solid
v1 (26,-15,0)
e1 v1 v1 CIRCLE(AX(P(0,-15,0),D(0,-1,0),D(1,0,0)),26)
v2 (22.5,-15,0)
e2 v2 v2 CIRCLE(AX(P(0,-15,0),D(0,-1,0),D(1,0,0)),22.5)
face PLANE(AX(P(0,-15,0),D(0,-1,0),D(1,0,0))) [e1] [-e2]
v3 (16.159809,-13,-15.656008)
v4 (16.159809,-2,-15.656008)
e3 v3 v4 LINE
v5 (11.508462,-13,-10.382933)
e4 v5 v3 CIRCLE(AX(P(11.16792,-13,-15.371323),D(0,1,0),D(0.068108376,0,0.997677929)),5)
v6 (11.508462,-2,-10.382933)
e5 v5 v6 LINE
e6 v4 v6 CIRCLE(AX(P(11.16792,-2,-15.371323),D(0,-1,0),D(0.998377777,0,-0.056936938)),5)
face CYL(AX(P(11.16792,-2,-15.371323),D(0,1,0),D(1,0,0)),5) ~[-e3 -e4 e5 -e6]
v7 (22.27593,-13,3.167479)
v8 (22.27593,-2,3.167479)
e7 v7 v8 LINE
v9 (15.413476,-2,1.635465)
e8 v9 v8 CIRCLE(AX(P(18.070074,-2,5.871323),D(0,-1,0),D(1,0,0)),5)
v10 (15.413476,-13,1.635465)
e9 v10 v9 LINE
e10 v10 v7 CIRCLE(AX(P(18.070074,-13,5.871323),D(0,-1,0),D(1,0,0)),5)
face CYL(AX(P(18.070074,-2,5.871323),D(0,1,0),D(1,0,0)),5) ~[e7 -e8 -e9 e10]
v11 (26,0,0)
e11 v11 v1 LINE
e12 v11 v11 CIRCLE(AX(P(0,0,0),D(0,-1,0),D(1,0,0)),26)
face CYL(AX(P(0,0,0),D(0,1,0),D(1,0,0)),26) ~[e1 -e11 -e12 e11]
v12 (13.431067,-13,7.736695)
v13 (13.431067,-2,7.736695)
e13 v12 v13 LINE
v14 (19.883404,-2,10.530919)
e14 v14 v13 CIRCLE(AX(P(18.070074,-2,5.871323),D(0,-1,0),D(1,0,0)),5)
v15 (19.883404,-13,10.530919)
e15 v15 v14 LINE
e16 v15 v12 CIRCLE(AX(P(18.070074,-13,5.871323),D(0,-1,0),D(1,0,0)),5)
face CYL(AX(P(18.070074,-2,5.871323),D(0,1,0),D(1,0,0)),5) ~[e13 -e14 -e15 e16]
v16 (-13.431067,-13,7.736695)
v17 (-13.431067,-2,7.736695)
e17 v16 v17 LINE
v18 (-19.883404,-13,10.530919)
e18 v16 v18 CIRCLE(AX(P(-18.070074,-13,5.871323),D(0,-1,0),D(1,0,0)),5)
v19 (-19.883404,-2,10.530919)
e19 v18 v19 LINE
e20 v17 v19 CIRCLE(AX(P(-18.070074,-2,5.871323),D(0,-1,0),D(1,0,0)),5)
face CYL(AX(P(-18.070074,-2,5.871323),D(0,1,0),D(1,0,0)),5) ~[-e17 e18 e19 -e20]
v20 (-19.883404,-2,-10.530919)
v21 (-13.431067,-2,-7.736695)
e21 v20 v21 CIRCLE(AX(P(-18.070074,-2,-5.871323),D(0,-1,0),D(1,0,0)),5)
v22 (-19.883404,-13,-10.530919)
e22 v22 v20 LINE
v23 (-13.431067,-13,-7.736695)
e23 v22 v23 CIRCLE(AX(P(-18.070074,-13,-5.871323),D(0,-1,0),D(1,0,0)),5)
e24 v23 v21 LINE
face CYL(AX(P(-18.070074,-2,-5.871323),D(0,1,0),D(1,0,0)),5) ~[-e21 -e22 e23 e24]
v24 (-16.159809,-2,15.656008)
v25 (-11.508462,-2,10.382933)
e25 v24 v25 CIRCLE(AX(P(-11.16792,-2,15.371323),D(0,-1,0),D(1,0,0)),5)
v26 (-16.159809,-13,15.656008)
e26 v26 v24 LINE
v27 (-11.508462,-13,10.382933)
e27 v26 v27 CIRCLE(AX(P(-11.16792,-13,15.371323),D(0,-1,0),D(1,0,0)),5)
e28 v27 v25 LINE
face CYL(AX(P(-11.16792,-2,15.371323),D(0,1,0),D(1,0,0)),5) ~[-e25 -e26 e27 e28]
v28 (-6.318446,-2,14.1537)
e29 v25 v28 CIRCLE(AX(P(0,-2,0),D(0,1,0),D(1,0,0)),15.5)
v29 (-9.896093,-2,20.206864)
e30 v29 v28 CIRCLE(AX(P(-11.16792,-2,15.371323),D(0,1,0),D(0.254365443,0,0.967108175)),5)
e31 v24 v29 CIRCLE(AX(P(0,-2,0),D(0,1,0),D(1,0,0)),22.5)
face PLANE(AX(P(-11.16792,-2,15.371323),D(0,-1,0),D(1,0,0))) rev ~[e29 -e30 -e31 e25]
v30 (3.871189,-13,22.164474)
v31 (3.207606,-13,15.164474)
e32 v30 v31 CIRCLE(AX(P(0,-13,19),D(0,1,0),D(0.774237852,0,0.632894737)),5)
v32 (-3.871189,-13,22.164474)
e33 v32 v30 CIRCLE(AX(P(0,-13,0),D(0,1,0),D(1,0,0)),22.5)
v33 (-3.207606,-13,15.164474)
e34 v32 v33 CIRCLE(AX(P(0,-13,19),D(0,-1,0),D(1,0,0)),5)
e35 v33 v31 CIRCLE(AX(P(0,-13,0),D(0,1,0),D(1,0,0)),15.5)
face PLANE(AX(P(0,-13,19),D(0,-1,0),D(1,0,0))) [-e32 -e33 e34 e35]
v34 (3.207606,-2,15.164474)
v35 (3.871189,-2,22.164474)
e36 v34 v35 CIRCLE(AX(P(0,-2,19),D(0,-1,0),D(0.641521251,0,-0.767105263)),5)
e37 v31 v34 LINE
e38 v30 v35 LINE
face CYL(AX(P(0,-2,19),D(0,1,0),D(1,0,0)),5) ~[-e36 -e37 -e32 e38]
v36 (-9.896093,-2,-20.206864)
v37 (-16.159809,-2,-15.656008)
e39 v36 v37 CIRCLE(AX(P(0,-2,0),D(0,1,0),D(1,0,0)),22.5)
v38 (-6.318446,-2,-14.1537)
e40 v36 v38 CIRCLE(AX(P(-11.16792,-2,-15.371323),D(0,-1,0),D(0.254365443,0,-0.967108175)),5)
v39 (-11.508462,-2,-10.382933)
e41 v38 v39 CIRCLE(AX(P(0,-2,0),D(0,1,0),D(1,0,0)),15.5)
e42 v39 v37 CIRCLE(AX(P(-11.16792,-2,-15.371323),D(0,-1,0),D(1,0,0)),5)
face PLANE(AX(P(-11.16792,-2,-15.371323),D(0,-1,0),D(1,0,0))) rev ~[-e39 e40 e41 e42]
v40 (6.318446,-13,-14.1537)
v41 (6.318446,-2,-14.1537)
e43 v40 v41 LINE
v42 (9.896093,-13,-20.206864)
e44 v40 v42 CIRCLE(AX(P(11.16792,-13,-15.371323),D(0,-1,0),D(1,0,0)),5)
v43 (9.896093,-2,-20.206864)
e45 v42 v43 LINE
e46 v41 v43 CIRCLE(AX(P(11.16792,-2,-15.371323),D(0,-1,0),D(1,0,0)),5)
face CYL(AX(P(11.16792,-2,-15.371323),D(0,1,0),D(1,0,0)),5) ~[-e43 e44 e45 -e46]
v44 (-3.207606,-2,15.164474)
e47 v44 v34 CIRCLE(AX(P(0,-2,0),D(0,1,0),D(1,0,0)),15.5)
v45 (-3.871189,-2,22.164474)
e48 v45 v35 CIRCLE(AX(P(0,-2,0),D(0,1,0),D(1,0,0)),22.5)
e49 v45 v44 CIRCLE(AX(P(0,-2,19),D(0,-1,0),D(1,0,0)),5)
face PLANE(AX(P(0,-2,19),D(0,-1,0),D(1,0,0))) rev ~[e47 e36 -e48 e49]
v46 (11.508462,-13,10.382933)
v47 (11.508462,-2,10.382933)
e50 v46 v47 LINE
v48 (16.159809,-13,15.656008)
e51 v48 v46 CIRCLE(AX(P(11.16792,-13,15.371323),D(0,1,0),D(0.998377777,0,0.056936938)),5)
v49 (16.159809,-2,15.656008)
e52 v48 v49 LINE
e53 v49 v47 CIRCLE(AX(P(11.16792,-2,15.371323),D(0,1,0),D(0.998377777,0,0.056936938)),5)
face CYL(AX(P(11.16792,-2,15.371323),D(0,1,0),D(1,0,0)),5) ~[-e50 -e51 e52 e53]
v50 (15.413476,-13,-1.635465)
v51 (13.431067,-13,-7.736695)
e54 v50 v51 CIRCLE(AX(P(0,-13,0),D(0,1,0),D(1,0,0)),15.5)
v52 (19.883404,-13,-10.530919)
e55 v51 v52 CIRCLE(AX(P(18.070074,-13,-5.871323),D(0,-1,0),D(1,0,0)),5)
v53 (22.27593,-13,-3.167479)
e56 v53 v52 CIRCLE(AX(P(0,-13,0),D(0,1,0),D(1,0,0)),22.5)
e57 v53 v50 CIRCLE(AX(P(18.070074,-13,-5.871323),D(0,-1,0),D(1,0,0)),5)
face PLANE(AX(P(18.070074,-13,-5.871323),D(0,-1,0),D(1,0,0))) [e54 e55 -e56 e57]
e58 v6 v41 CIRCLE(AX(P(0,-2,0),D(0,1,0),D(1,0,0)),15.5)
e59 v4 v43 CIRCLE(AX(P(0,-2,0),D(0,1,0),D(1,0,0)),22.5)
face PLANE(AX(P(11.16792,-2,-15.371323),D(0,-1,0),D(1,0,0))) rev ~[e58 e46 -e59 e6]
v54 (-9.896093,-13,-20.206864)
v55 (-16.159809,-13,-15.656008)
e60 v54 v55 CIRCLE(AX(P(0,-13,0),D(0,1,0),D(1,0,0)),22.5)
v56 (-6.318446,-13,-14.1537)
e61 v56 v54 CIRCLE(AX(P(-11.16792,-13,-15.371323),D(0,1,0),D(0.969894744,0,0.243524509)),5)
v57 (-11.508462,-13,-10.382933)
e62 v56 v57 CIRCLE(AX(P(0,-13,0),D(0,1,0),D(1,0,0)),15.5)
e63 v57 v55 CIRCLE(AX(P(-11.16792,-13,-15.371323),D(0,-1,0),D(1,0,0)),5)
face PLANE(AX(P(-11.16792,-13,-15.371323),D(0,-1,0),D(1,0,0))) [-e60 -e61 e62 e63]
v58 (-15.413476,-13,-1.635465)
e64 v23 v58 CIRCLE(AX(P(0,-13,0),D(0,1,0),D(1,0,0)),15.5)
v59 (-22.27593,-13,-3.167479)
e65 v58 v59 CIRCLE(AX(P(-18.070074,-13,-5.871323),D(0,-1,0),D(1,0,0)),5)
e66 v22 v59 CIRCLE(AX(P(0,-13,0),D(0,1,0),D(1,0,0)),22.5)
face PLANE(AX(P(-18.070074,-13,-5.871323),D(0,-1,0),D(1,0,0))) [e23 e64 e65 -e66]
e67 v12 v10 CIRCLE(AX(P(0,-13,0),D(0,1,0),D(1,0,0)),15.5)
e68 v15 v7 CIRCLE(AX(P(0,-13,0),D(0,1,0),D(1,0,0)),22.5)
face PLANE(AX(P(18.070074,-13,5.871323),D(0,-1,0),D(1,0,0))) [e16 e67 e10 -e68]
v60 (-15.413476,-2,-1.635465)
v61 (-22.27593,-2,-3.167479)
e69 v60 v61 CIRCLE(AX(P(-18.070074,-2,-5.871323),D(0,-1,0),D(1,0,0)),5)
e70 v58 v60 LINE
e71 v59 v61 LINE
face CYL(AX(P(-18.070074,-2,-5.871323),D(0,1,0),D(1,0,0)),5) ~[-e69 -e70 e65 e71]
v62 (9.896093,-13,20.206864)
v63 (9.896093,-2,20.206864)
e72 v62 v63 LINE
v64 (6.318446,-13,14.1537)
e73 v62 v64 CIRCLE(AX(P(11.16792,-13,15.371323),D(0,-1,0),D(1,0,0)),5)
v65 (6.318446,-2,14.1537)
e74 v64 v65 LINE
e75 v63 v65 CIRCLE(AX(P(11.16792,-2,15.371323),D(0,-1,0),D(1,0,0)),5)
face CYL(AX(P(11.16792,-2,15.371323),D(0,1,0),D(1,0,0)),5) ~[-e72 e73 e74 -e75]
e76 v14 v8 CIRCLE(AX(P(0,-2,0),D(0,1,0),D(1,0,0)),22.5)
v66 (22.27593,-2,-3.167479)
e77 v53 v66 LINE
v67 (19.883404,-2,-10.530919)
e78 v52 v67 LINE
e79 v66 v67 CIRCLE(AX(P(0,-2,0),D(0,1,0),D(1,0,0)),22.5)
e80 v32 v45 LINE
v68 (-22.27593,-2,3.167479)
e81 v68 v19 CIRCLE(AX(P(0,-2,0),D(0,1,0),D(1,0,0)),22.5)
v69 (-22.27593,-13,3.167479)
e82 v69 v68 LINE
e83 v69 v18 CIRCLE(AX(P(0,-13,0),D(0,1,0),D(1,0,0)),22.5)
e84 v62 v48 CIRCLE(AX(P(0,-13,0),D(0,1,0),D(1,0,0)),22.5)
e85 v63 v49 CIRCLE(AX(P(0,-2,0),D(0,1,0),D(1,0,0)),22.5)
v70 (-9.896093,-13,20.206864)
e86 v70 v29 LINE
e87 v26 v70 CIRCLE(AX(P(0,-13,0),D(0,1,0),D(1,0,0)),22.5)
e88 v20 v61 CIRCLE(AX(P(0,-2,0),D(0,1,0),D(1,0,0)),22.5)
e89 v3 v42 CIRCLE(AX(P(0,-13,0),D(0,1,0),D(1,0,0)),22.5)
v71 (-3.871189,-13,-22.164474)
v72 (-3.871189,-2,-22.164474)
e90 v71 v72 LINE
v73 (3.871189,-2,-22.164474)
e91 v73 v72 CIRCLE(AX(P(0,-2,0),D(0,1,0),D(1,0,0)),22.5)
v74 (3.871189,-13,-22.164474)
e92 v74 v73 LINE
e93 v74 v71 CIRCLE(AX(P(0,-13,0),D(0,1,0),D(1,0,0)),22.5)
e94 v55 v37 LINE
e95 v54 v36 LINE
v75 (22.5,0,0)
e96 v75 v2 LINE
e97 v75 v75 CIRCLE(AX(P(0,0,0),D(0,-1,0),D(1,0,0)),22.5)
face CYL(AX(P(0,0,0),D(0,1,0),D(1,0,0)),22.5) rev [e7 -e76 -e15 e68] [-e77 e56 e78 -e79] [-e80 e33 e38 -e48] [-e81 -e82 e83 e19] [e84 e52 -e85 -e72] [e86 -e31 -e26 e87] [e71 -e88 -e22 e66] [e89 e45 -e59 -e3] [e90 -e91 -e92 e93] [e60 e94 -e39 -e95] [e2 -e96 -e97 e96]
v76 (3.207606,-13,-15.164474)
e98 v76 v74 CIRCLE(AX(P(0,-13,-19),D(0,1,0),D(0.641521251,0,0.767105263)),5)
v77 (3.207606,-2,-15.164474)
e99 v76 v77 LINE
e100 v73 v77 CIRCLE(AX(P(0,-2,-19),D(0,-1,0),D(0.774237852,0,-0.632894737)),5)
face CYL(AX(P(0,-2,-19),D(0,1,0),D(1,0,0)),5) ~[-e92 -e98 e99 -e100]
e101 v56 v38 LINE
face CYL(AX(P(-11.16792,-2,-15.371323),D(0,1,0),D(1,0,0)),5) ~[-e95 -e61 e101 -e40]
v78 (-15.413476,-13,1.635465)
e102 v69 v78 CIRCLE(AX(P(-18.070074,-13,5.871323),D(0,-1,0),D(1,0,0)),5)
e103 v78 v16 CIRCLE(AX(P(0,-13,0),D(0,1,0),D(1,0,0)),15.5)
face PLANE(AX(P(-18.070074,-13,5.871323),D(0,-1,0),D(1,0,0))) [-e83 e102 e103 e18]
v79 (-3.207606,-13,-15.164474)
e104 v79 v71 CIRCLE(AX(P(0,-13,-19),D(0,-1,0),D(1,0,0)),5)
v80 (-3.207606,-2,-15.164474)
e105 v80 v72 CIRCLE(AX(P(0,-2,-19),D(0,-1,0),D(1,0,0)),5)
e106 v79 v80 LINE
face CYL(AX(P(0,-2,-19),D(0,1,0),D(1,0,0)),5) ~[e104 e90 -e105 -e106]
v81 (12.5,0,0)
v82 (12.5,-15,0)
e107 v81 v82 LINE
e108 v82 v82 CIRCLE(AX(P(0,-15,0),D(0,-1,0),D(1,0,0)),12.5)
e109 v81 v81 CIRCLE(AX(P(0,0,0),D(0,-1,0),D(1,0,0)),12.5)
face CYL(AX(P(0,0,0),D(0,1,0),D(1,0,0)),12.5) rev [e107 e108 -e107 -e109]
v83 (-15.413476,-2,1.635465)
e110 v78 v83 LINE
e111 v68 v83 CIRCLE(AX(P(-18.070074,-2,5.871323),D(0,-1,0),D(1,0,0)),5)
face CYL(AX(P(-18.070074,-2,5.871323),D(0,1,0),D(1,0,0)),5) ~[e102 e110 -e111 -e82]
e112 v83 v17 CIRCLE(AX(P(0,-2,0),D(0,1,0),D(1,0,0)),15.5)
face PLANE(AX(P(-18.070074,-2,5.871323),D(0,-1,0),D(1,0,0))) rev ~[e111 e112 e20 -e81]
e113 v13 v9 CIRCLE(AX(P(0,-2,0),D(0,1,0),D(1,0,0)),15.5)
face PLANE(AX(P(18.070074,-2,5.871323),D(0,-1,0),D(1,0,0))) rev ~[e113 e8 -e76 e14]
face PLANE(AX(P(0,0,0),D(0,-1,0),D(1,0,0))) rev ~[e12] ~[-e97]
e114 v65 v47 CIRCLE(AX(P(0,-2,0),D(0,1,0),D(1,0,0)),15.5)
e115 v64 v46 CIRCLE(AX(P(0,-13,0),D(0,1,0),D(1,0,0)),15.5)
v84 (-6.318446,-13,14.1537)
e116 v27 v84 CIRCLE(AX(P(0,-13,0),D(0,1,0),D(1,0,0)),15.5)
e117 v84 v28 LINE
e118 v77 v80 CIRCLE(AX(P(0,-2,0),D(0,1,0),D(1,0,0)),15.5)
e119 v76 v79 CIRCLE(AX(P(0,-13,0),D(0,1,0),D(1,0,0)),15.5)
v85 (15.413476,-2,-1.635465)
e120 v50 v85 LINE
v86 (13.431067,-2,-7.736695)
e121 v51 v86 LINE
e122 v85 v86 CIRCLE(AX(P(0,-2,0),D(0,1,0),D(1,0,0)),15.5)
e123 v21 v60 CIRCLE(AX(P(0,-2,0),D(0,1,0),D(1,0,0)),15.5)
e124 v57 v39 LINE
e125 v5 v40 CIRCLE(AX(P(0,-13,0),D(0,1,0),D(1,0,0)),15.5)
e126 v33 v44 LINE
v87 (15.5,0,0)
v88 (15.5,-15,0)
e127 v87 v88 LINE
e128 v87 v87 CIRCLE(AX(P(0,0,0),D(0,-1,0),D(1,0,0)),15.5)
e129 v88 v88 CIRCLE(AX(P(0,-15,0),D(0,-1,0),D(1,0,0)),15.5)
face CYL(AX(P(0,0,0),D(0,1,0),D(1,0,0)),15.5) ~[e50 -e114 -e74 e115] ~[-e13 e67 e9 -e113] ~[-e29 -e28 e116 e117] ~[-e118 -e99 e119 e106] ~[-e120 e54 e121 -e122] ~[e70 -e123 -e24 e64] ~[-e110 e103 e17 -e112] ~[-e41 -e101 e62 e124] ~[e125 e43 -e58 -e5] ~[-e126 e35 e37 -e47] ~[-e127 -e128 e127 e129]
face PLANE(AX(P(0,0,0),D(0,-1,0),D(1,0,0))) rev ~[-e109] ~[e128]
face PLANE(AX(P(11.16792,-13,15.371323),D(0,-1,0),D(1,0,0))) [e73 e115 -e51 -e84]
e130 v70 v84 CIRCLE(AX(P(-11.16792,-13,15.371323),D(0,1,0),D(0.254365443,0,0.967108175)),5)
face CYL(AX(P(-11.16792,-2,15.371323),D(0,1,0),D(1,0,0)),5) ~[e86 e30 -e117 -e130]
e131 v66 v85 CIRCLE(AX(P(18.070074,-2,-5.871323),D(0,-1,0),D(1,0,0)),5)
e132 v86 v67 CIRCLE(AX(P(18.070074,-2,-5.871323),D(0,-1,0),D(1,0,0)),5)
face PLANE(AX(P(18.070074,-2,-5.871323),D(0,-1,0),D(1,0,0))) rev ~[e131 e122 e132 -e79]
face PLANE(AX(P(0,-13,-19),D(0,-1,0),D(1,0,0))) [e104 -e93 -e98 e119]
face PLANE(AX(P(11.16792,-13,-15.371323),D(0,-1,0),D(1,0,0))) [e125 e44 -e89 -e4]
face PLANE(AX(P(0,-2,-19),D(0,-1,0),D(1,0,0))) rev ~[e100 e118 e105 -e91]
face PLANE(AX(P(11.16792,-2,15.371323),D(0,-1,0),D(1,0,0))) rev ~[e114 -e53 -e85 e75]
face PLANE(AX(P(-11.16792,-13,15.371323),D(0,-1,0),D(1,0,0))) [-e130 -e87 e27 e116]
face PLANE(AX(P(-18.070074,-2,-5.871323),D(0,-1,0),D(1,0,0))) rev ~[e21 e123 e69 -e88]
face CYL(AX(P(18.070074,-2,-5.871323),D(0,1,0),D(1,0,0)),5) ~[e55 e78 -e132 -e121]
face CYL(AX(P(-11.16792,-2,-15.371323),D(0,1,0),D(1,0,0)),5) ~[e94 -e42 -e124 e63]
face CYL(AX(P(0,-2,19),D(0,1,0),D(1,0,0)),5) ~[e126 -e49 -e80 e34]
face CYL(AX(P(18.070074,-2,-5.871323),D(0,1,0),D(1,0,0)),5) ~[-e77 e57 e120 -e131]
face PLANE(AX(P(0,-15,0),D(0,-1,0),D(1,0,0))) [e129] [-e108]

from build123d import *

# Parameters (mm, degrees)
F0_R     = 26
F0_R_2   = 22.5
F0_R_3   = 15.5
F0_R_4   = 12.5
F1_DEPTH = 15
F3_R     = 5
F4_DEPTH = 11


with BuildPart() as f1:
    # F0 (on Front) → F1 (new body)
    with BuildSketch(Plane.XZ):
        Circle(F0_R)
        Circle(F0_R_2, mode=Mode.SUBTRACT)
        Circle(F0_R_3)
        Circle(F0_R_4, mode=Mode.SUBTRACT)
    extrude(amount=F1_DEPTH)

    # F3 (on offset) → F4 (join)
    with BuildSketch(Plane.XZ.offset(2)):
        with Locations((0, 19)):
            Circle(F3_R)
        with Locations((11.16792, 15.371323)):
            Circle(F3_R)
        with Locations((18.070074, 5.871323)):
            Circle(F3_R)
        with Locations((18.070074, -5.871323)):
            Circle(F3_R)
        with Locations((11.16792, -15.371323)):
            Circle(F3_R)
        with Locations((0, -19)):
            Circle(F3_R)
        with Locations((-11.16792, -15.371323)):
            Circle(F3_R)
        with Locations((-18.070074, -5.871323)):
            Circle(F3_R)
        with Locations((-18.070074, 5.871323)):
            Circle(F3_R)
        with Locations((-11.16792, 15.371323)):
            Circle(F3_R)
    extrude(amount=F4_DEPTH)


solid = f1.part
